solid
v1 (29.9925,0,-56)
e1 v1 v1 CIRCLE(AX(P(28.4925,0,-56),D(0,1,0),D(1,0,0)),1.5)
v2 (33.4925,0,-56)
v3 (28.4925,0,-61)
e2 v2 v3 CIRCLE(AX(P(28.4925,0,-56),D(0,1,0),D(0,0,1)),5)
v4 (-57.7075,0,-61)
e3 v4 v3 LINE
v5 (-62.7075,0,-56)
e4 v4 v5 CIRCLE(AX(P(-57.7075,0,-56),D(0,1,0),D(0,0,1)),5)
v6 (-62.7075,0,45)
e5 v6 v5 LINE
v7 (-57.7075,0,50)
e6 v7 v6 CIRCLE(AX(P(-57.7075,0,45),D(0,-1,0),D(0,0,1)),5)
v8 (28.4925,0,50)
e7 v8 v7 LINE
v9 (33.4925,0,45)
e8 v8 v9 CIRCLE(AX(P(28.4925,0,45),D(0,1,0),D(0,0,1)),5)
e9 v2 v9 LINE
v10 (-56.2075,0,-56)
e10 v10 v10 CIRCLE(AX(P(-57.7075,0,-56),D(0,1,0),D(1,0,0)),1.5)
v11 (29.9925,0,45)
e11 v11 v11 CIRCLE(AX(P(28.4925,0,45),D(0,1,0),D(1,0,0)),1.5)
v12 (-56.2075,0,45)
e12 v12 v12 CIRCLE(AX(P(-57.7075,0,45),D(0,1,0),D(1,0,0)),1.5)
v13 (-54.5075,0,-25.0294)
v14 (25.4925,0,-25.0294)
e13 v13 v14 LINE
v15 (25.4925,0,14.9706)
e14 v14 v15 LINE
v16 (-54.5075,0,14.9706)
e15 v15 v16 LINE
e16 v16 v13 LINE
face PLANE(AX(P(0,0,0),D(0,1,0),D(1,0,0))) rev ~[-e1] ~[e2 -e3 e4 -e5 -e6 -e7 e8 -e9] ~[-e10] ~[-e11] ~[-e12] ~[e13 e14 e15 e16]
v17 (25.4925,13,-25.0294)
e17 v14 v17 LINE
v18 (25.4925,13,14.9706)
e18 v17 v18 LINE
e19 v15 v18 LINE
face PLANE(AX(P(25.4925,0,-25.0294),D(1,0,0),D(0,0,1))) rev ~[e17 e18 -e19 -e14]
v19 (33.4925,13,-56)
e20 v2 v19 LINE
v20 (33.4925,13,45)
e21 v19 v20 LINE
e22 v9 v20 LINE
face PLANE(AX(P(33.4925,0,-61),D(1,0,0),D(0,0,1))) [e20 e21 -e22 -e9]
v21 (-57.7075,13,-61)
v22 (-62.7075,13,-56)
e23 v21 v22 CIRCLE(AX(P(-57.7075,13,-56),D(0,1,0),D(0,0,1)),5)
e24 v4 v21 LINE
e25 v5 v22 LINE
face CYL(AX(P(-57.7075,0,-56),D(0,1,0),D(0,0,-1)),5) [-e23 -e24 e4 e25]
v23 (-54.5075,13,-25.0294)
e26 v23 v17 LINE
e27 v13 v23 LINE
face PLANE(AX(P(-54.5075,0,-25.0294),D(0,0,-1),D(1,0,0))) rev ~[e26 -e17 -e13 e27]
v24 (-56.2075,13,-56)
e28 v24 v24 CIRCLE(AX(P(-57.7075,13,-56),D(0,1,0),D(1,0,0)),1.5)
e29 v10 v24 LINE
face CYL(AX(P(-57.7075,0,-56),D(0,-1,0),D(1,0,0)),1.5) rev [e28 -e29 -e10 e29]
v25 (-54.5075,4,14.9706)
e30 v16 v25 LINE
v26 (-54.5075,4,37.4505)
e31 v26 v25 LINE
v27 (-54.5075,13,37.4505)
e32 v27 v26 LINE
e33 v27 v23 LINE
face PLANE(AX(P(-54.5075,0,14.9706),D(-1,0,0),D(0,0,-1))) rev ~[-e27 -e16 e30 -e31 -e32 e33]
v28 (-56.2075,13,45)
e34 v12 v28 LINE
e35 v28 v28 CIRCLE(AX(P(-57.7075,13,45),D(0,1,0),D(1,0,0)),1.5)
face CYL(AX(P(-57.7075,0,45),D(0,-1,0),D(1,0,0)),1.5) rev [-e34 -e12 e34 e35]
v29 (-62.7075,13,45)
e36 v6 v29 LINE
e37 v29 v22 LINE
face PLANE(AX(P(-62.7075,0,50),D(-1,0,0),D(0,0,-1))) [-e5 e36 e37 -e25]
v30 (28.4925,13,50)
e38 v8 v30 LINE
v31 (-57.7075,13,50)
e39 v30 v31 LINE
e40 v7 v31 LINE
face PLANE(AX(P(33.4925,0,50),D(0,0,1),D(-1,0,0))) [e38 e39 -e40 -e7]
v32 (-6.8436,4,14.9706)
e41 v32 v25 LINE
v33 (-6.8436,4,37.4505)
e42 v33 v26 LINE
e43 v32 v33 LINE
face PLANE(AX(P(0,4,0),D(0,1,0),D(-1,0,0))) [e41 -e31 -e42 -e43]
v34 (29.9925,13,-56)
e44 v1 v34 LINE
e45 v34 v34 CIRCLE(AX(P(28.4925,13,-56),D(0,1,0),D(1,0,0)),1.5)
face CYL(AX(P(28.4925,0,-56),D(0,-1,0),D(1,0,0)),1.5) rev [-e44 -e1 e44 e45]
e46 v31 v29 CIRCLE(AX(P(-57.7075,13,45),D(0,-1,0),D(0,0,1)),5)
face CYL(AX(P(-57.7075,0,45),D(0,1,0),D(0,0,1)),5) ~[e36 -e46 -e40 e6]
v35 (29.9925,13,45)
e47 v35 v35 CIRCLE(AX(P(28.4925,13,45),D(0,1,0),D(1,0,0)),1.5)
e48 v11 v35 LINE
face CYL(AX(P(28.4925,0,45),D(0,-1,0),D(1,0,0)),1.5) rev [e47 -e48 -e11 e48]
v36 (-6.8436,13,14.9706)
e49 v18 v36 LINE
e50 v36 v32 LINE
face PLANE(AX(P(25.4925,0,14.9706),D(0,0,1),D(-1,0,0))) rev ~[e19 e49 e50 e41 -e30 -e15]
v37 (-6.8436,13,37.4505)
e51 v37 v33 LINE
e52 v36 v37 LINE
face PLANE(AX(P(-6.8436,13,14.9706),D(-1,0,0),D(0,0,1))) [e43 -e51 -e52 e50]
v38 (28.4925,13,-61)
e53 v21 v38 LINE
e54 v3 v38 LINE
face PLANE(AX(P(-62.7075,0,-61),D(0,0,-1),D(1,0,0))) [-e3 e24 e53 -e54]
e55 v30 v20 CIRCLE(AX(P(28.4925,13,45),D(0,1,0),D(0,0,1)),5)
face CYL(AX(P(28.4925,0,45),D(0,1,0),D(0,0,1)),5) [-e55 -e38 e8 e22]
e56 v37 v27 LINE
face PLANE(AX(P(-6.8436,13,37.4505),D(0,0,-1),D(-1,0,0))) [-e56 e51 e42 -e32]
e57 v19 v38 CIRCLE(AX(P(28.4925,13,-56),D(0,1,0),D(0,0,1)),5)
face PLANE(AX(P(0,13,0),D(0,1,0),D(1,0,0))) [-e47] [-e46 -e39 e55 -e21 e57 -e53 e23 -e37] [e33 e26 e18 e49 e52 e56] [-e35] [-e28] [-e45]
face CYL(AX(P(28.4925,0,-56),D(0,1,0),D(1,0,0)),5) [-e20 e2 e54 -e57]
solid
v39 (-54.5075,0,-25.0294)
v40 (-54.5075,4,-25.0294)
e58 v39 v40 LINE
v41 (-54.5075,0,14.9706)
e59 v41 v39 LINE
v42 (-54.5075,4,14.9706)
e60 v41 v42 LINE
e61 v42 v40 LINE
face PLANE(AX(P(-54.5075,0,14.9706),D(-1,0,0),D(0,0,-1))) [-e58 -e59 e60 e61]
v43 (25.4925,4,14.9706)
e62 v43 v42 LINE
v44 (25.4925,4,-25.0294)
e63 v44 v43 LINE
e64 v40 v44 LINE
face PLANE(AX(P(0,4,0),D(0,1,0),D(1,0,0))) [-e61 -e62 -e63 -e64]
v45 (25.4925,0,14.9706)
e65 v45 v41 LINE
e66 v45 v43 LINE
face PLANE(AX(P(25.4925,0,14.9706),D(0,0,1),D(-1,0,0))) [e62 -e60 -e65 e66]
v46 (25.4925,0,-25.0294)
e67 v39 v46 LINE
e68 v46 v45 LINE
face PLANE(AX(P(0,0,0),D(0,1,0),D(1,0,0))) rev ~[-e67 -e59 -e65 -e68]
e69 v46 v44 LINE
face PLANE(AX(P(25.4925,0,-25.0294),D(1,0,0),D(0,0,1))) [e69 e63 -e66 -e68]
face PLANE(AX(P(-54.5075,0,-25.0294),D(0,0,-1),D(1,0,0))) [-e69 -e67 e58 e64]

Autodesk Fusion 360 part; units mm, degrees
sketch "Sketch1" plane through (0, 0, 0) normal (0, 1, 0) x (1, 0, 0)
  line L0 (33.4925, -50) -> (-62.7075, -50)
  line L1 (-62.7075, -50) -> (-62.7075, 61)
  line L2 (-62.7075, 61) -> (33.4925, 61)
  line L3 (33.4925, 61) -> (33.4925, -50)
  circle A0 centre (28.4925, -45) radius 1.5
  circle A1 centre (-57.7075, -45) radius 1.5
  circle A2 centre (-57.7075, 56) radius 1.5
  circle A3 centre (28.4925, 56) radius 1.5
  line L4 (25.4925, -14.9706) -> (-54.5075, -14.9706)
  line L5 (-54.5075, -14.9706) -> (-54.5075, 25.0294)
  line L6 (-54.5075, 25.0294) -> (25.4925, 25.0294)
  line L7 (25.4925, 25.0294) -> (25.4925, -14.9706)
  dimension "d1" = 96.2
  dimension "d2" = 111
  dimension "d3" = 3
  dimension "d4" = 5
  dimension "d5" = 5
  dimension "d6" = 3
  dimension "d7" = 5
  dimension "d8" = 5
  dimension "d9" = 3
  dimension "d10" = 5
  dimension "d11" = 5
  dimension "d12" = 3
  dimension "d13" = 5
  dimension "d14" = 5
  dimension "d15" = 40
  dimension "d16" = 80
  dimension "d21" = 8
  dimension "d22" = 35.0294
extrude "Extrude1" add sketch "Sketch1" along normal blind 13 makes body 1
extrude "Extrude2" add sketch "Sketch1" along normal blind 4 separate body contours L4 L5 L6 L7 makes body 2
sketch "Sketch4" plane through (0, 13, 0) normal (0, 1, 0) x (-1, 0, 0)
  circle A0 centre (57.7075, 45) radius 1.5
  circle A1 centre (57.7075, -56) radius 1.5
  circle A2 centre (-28.4925, -56) radius 1.5
  circle A3 centre (-28.4925, 45) radius 1.5
  line L0 (54.5075, -25.0294) -> (-25.4925, -25.0294)
  line L1 (-25.4925, -25.0294) -> (-25.4925, 14.9706)
  line L2 (-25.4925, 14.9706) -> (54.5075, 14.9706)
  line L3 (54.5075, 14.9706) -> (54.5075, -25.0294)
  line L4 (-33.4925, -61) -> (62.7075, -61)
  line L5 (62.7075, -61) -> (62.7075, 50)
  line L6 (62.7075, 50) -> (-33.4925, 50)
  line L7 (-33.4925, 50) -> (-33.4925, -61)
  line L8 (54.5075, 14.9706) -> (6.8436, 14.9706)
  line L9 (6.8436, 14.9706) -> (6.8436, 37.4505)
  line L10 (6.8436, 37.4505) -> (54.5075, 37.4505)
  line L11 (54.5075, 37.4505) -> (54.5075, 14.9706)
  dimension "d35" = 22.4799
  dimension "d36" = 47.6638
extrude "Extrude4" cut sketch "Sketch4" against normal blind 9 contours L2 L8 L9 L10 L11 bodies 1
fillet "Fillet1" radius 5 1 edges at (-62.7075, 6.5, 50) on bodies 1
fillet "Fillet2" radius 5 1 edges at (33.4925, 6.5, 50) on bodies 1
fillet "Fillet3" radius 5 1 edges at (33.4925, 6.5, -61) on bodies 1
fillet "Fillet4" radius 5 1 edges at (-62.7075, 6.5, -61) on bodies 1
